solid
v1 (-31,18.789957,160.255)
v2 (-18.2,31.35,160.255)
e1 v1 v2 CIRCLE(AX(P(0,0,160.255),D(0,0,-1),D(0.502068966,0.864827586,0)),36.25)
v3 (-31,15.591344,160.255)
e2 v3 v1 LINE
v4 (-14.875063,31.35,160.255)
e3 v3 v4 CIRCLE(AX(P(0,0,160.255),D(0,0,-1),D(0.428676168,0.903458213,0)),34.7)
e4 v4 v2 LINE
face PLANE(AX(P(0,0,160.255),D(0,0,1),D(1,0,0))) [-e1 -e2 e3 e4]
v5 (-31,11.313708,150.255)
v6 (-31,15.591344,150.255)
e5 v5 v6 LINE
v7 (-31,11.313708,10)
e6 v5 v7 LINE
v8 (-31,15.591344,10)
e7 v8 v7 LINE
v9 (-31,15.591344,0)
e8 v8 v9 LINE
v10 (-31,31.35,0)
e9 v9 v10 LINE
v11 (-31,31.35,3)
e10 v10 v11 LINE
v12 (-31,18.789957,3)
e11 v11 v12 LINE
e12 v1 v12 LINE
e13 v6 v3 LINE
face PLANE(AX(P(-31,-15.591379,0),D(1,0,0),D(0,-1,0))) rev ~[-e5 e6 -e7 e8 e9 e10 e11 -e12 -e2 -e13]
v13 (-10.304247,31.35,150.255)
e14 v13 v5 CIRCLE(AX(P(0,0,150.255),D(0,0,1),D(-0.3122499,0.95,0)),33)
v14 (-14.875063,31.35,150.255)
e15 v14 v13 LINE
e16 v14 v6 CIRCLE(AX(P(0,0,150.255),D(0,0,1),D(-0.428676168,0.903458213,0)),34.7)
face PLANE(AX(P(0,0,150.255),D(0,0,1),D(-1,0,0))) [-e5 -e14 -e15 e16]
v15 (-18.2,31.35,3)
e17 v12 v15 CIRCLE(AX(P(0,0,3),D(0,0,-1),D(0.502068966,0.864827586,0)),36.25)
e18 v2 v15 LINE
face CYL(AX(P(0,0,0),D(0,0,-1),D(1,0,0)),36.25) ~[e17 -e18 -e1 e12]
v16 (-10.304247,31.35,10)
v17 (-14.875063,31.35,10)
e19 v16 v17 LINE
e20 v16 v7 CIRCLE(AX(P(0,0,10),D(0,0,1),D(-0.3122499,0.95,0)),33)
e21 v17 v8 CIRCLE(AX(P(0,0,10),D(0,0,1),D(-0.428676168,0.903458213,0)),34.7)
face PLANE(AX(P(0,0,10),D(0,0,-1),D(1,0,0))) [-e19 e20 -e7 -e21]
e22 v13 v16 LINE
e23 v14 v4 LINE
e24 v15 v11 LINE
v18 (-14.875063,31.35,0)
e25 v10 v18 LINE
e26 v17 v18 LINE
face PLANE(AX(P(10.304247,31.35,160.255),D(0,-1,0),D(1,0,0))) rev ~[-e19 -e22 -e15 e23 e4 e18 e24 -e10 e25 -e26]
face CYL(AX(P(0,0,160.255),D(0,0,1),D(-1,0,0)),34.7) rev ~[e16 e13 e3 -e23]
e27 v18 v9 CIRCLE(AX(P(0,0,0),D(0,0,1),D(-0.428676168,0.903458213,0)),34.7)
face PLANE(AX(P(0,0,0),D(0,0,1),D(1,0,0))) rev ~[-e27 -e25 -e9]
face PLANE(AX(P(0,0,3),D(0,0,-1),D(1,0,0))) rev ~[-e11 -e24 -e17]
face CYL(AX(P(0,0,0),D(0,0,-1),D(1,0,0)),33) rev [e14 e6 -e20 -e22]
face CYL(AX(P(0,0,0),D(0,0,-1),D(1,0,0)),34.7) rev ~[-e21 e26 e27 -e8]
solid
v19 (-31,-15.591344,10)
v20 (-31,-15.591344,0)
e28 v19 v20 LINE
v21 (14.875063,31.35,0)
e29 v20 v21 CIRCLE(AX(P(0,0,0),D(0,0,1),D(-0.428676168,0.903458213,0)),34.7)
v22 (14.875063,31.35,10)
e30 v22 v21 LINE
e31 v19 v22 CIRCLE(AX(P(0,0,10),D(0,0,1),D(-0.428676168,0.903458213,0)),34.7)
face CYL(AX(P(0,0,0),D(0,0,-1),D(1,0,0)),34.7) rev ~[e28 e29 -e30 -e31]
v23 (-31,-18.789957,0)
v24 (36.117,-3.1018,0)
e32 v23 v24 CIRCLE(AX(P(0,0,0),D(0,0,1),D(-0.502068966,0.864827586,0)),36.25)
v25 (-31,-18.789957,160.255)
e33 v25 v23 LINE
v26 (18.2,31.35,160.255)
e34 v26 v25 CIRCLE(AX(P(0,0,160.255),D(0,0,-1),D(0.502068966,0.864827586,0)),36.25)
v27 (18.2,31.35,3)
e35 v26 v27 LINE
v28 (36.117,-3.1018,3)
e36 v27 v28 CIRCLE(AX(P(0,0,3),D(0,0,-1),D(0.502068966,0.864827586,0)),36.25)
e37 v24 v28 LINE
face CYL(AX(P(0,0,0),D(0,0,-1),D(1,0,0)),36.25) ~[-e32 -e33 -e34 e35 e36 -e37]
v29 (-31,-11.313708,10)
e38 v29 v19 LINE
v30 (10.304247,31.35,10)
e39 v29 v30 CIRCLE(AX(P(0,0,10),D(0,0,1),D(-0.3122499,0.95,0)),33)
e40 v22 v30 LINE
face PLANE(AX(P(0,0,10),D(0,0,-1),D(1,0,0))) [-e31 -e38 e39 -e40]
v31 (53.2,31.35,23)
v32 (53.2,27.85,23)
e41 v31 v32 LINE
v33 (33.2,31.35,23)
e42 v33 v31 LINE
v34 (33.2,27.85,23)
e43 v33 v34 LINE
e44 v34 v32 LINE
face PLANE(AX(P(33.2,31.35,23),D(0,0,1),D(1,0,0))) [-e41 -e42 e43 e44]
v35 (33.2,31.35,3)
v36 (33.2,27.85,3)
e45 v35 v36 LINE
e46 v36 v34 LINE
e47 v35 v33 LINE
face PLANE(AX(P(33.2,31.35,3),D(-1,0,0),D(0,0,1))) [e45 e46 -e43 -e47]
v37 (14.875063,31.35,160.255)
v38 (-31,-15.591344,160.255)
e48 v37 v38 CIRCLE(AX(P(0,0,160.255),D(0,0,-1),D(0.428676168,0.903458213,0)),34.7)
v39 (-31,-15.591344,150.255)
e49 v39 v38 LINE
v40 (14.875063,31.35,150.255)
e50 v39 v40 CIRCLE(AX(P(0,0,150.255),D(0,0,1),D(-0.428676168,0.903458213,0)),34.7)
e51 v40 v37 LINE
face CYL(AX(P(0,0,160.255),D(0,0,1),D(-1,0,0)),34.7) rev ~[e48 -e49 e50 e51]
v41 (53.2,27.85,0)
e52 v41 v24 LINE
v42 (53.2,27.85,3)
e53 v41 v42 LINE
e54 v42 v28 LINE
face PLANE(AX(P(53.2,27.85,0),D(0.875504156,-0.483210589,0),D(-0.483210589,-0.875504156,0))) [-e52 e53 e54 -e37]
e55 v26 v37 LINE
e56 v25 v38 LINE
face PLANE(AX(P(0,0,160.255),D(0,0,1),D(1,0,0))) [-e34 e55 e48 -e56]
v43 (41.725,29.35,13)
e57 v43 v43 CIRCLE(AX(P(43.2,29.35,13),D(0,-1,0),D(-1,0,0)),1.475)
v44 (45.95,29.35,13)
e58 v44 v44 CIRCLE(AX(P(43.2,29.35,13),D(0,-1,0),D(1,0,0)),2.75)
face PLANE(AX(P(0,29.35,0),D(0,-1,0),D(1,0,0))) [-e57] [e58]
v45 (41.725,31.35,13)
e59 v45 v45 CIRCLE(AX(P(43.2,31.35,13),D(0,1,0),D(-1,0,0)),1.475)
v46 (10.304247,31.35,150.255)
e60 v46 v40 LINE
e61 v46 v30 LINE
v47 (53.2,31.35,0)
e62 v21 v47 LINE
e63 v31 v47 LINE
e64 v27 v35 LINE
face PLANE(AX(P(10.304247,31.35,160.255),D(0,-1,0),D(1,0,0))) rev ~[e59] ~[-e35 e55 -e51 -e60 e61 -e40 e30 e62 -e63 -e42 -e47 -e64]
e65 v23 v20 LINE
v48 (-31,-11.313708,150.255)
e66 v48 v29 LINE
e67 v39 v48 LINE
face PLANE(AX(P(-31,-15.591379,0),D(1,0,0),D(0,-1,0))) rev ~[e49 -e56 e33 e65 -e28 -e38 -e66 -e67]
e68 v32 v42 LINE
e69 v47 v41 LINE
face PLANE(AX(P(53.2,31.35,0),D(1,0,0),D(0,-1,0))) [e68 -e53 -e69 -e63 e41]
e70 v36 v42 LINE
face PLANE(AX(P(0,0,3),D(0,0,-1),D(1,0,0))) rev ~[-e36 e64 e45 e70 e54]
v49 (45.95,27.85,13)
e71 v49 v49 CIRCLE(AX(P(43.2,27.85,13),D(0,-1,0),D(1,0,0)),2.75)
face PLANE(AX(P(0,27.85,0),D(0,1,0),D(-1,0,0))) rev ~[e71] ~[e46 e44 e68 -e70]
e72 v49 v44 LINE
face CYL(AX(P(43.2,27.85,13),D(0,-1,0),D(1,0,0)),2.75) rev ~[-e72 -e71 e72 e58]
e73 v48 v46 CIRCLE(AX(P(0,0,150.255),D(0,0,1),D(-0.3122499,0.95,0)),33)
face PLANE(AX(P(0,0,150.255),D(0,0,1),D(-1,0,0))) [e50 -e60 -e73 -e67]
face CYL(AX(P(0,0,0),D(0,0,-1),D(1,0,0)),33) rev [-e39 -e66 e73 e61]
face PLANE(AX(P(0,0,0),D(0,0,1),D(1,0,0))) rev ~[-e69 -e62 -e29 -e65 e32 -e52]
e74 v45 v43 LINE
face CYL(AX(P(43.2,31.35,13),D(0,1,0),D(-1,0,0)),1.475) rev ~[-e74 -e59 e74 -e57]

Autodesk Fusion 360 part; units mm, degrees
sketch "Sketch1" plane through (0, 0, 0) normal (0, 0, 1) x (1, 0, 0)
  circle A0 centre (0, 0) radius 33
  circle A1 centre (0, 0) radius 36.25
  dimension "d1" = 66
  dimension "d2" = 3.25
extrude "Extrude1" add sketch "Sketch1" along normal blind 160.255 makes body 1
sketch "Sketch2" plane through (0, 0, 160.255) normal (0, 0, 1) x (-1, 0, 0)
  circle A0 centre (0, 0) radius 33
  circle A1 centre (0, 0) radius 36.25
  circle A2 centre (0, 0) radius 34.7
  dimension "d5" = 1.7
extrude "Extrude2" cut sketch "Sketch2" against normal blind 10 contours A2 bodies 1
sketch "Sketch3" plane through (0, 0, 0) normal (0, 0, -1) x (1, 0, 0)
  circle A0 centre (0, 0) radius 33
  circle A1 centre (0, 0) radius 36.25
  circle A2 centre (0, 0) radius 34.7
  dimension "d8" = 1.7
extrude "Extrude3" cut sketch "Sketch3" against normal blind 10 contours A2 bodies 1
sketch "Sketch4" plane through (0, 0, 160.255) normal (0, 0, 1) x (-1, 0, 0)
  circle A0 centre (0, 0) radius 34.7
  circle A1 centre (0, 0) radius 36.25
  circle A2 centre (0, 0) radius 33
  line L0 (0, -33) -> (0, -31.35)
  line L1 (0, -31.35) -> (-25.16, -31.35)
  line L2 (-25.16, -31.35) -> (-25.16, -39.8127)
  line L3 (-25.16, -39.8127) -> (30.2592, -39.8127)
  line L4 (30.2592, -39.8127) -> (30.2592, -31.35)
  line L5 (30.2592, -31.35) -> (0, -31.35)
  dimension "d11" = 1.65
extrude "Extrude4" cut sketch "Sketch4" against normal blind 165 contours A0 A2 L1 L5 | A0 A1 L1 L5 | A2 L0 L1 | A1 L1 L2 L3 L4 L5 | A2 L0 L5 picked at (7.3801, -33.261) picked at (12.9692, -32.6711) bodies 1
sketch "Sketch7" plane through (0, 0, 0) normal (0, 0, -1) x (1, 0, 0)
  line L0 (-18.2, -31.35) -> (-14.8751, -31.35)
  arc A0 (14.8751, -31.35) -> (-14.8751, -31.35) centre (0, 0) ccw
  line L1 (14.8751, -31.35) -> (18.2, -31.35)
  arc A1 (18.2, -31.35) -> (-18.2, -31.35) centre (0, 0) ccw
  line L2 (18.2, -31.35) -> (53.2, -31.35)
  line L3 (53.2, -31.35) -> (53.2, -27.85)
  line L4 (53.2, -27.85) -> (36.117, 3.1018)
  line L5 (0, 0) -> (0, -6.8036)
  line L6 (-18.2, -31.35) -> (-53.2, -31.35)
  line L7 (-53.2, -31.35) -> (-53.2, -27.85)
  line L8 (-53.2, -27.85) -> (-36.117, 3.1018)
  dimension "d16" = 35
  dimension "d17" = 3.5
extrude "Extrude6" add sketch "Sketch7" against normal blind 3 contours A1 L6 L7 L8 | A1 L2 L3 L4 bodies 1
sketch "Sketch8" plane through (0, 31.35, 0) normal (0, 1, 0) x (-1, 0, 0)
  line L0 (-14.8751, 150.255) -> (-14.8751, 160.255)
  line L1 (-14.8751, 160.255) -> (-18.2, 160.255)
  line L2 (-18.2, 160.255) -> (-18.2, 3)
  line L3 (-18.2, 3) -> (-53.2, 3)
  line L4 (-53.2, 3) -> (-53.2, 0)
  line L5 (-53.2, 0) -> (-14.8751, 0)
  line L6 (-14.8751, 0) -> (-14.8751, 10)
  line L7 (-14.8751, 10) -> (-10.3042, 10)
  line L8 (-10.3042, 10) -> (-10.3042, 150.255)
  line L9 (-10.3042, 150.255) -> (-14.8751, 150.255)
  line L10 (-53.2, 3) -> (-33.2, 3)
  line L11 (-33.2, 3) -> (-33.2, 23)
  line L12 (-33.2, 23) -> (-53.2, 23)
  line L13 (-53.2, 23) -> (-53.2, 3)
  circle A0 centre (-43.2, 13) radius 1.475
  line L14 (0, 0) -> (0, 6.2283)
  line L15 (33.2, 23) -> (53.2, 23)
  line L16 (53.2, 23) -> (53.2, 3)
  line L17 (33.2, 3) -> (33.2, 23)
  line L18 (53.2, 3) -> (33.2, 3)
  circle A1 centre (43.2, 13) radius 1.475
  dimension "d20" = 20
  dimension "d21" = 20
  dimension "d22" = 2.95
extrude "Extrude7" add sketch "Sketch8" against normal blind 3.5 contours L3 L10 L11 L12 L13 | L15 L16 L17 L18 bodies 1
sketch "Sketch9" plane through (0, 27.85, 0) normal (0, -1, 0) x (1, 0, 0)
  circle A0 centre (43.2, 13) radius 1.475
  line L0 (53.2, 3) -> (53.2, 23)
  line L1 (53.2, 23) -> (33.2, 23)
  line L2 (33.2, 23) -> (33.2, 3)
  line L3 (33.2, 3) -> (53.2, 3)
  circle A1 centre (43.2, 13) radius 2.75
  line L4 (0, 0) -> (0, 5.7746)
  circle A2 centre (-43.2, 13) radius 2.75
  dimension "d25" = 5.5
extrude "Extrude8" cut sketch "Sketch9" against normal blind 1.5 contours A1 | A2 bodies 1
sketch "Sketch10" plane through (0, 0, 160.255) normal (0, 0, 1) x (-1, 0, 0)
  line L0 (14.8751, -31.35) -> (18.2, -31.35)
  arc A0 (18.2, -31.35) -> (-18.2, -31.35) centre (0, 0) ccw
  line L1 (-18.2, -31.35) -> (-14.8751, -31.35)
  arc A1 (14.8751, -31.35) -> (-14.8751, -31.35) centre (0, 0) ccw
sketch "Sketch11" plane through (0, 0, 0) normal (0, 0, -1) x (1, 0, 0)
  line L0 (-53.2, -31.35) -> (-14.8751, -31.35)
  arc A0 (14.8751, -31.35) -> (-14.8751, -31.35) centre (0, 0) ccw
  line L1 (14.8751, -31.35) -> (53.2, -31.35)
  line L2 (53.2, -31.35) -> (53.2, -27.85)
  line L3 (53.2, -27.85) -> (36.117, 3.1018)
  arc A1 (36.117, 3.1018) -> (-36.117, 3.1018) centre (0, 0) ccw
  line L4 (-36.117, 3.1018) -> (-53.2, -27.85)
  line L5 (-53.2, -27.85) -> (-53.2, -31.35)
  line L6 (-14.8751, -31.35) -> (-10.3042, -31.35)
  arc A2 (10.3042, -31.35) -> (-10.3042, -31.35) centre (0, 0) ccw
  line L7 (10.3042, -31.35) -> (14.8751, -31.35)
  arc A3 (14.8751, -31.35) -> (-14.8751, -31.35) centre (0, 0) ccw
  line L8 (-33, 0) -> (-31, 0)
  line L9 (-31, 0) -> (-31, 28.0411)
  line L10 (-31, 28.0411) -> (-58.7739, 28.0411)
  line L11 (-58.7739, 28.0411) -> (-58.7739, -37.7756)
  line L12 (-58.7739, -37.7756) -> (-31, -37.7756)
  line L13 (-31, -37.7756) -> (-31, 28.0411)
  dimension "d28" = 2
extrude "Extrude9" cut sketch "Sketch11" against normal blind 185 contours L0 A0 A1 L4 L5 A3 L9 L13 | L0 A1 L4 L5 L9 L10 L11 L12 L13 | A0 A2 A3 L9 L13 | A2 L8 L13 | A2 L8 L9 L13 bodies 1 makes body 2 at (-26.25, 19.9984, 103.5033)
